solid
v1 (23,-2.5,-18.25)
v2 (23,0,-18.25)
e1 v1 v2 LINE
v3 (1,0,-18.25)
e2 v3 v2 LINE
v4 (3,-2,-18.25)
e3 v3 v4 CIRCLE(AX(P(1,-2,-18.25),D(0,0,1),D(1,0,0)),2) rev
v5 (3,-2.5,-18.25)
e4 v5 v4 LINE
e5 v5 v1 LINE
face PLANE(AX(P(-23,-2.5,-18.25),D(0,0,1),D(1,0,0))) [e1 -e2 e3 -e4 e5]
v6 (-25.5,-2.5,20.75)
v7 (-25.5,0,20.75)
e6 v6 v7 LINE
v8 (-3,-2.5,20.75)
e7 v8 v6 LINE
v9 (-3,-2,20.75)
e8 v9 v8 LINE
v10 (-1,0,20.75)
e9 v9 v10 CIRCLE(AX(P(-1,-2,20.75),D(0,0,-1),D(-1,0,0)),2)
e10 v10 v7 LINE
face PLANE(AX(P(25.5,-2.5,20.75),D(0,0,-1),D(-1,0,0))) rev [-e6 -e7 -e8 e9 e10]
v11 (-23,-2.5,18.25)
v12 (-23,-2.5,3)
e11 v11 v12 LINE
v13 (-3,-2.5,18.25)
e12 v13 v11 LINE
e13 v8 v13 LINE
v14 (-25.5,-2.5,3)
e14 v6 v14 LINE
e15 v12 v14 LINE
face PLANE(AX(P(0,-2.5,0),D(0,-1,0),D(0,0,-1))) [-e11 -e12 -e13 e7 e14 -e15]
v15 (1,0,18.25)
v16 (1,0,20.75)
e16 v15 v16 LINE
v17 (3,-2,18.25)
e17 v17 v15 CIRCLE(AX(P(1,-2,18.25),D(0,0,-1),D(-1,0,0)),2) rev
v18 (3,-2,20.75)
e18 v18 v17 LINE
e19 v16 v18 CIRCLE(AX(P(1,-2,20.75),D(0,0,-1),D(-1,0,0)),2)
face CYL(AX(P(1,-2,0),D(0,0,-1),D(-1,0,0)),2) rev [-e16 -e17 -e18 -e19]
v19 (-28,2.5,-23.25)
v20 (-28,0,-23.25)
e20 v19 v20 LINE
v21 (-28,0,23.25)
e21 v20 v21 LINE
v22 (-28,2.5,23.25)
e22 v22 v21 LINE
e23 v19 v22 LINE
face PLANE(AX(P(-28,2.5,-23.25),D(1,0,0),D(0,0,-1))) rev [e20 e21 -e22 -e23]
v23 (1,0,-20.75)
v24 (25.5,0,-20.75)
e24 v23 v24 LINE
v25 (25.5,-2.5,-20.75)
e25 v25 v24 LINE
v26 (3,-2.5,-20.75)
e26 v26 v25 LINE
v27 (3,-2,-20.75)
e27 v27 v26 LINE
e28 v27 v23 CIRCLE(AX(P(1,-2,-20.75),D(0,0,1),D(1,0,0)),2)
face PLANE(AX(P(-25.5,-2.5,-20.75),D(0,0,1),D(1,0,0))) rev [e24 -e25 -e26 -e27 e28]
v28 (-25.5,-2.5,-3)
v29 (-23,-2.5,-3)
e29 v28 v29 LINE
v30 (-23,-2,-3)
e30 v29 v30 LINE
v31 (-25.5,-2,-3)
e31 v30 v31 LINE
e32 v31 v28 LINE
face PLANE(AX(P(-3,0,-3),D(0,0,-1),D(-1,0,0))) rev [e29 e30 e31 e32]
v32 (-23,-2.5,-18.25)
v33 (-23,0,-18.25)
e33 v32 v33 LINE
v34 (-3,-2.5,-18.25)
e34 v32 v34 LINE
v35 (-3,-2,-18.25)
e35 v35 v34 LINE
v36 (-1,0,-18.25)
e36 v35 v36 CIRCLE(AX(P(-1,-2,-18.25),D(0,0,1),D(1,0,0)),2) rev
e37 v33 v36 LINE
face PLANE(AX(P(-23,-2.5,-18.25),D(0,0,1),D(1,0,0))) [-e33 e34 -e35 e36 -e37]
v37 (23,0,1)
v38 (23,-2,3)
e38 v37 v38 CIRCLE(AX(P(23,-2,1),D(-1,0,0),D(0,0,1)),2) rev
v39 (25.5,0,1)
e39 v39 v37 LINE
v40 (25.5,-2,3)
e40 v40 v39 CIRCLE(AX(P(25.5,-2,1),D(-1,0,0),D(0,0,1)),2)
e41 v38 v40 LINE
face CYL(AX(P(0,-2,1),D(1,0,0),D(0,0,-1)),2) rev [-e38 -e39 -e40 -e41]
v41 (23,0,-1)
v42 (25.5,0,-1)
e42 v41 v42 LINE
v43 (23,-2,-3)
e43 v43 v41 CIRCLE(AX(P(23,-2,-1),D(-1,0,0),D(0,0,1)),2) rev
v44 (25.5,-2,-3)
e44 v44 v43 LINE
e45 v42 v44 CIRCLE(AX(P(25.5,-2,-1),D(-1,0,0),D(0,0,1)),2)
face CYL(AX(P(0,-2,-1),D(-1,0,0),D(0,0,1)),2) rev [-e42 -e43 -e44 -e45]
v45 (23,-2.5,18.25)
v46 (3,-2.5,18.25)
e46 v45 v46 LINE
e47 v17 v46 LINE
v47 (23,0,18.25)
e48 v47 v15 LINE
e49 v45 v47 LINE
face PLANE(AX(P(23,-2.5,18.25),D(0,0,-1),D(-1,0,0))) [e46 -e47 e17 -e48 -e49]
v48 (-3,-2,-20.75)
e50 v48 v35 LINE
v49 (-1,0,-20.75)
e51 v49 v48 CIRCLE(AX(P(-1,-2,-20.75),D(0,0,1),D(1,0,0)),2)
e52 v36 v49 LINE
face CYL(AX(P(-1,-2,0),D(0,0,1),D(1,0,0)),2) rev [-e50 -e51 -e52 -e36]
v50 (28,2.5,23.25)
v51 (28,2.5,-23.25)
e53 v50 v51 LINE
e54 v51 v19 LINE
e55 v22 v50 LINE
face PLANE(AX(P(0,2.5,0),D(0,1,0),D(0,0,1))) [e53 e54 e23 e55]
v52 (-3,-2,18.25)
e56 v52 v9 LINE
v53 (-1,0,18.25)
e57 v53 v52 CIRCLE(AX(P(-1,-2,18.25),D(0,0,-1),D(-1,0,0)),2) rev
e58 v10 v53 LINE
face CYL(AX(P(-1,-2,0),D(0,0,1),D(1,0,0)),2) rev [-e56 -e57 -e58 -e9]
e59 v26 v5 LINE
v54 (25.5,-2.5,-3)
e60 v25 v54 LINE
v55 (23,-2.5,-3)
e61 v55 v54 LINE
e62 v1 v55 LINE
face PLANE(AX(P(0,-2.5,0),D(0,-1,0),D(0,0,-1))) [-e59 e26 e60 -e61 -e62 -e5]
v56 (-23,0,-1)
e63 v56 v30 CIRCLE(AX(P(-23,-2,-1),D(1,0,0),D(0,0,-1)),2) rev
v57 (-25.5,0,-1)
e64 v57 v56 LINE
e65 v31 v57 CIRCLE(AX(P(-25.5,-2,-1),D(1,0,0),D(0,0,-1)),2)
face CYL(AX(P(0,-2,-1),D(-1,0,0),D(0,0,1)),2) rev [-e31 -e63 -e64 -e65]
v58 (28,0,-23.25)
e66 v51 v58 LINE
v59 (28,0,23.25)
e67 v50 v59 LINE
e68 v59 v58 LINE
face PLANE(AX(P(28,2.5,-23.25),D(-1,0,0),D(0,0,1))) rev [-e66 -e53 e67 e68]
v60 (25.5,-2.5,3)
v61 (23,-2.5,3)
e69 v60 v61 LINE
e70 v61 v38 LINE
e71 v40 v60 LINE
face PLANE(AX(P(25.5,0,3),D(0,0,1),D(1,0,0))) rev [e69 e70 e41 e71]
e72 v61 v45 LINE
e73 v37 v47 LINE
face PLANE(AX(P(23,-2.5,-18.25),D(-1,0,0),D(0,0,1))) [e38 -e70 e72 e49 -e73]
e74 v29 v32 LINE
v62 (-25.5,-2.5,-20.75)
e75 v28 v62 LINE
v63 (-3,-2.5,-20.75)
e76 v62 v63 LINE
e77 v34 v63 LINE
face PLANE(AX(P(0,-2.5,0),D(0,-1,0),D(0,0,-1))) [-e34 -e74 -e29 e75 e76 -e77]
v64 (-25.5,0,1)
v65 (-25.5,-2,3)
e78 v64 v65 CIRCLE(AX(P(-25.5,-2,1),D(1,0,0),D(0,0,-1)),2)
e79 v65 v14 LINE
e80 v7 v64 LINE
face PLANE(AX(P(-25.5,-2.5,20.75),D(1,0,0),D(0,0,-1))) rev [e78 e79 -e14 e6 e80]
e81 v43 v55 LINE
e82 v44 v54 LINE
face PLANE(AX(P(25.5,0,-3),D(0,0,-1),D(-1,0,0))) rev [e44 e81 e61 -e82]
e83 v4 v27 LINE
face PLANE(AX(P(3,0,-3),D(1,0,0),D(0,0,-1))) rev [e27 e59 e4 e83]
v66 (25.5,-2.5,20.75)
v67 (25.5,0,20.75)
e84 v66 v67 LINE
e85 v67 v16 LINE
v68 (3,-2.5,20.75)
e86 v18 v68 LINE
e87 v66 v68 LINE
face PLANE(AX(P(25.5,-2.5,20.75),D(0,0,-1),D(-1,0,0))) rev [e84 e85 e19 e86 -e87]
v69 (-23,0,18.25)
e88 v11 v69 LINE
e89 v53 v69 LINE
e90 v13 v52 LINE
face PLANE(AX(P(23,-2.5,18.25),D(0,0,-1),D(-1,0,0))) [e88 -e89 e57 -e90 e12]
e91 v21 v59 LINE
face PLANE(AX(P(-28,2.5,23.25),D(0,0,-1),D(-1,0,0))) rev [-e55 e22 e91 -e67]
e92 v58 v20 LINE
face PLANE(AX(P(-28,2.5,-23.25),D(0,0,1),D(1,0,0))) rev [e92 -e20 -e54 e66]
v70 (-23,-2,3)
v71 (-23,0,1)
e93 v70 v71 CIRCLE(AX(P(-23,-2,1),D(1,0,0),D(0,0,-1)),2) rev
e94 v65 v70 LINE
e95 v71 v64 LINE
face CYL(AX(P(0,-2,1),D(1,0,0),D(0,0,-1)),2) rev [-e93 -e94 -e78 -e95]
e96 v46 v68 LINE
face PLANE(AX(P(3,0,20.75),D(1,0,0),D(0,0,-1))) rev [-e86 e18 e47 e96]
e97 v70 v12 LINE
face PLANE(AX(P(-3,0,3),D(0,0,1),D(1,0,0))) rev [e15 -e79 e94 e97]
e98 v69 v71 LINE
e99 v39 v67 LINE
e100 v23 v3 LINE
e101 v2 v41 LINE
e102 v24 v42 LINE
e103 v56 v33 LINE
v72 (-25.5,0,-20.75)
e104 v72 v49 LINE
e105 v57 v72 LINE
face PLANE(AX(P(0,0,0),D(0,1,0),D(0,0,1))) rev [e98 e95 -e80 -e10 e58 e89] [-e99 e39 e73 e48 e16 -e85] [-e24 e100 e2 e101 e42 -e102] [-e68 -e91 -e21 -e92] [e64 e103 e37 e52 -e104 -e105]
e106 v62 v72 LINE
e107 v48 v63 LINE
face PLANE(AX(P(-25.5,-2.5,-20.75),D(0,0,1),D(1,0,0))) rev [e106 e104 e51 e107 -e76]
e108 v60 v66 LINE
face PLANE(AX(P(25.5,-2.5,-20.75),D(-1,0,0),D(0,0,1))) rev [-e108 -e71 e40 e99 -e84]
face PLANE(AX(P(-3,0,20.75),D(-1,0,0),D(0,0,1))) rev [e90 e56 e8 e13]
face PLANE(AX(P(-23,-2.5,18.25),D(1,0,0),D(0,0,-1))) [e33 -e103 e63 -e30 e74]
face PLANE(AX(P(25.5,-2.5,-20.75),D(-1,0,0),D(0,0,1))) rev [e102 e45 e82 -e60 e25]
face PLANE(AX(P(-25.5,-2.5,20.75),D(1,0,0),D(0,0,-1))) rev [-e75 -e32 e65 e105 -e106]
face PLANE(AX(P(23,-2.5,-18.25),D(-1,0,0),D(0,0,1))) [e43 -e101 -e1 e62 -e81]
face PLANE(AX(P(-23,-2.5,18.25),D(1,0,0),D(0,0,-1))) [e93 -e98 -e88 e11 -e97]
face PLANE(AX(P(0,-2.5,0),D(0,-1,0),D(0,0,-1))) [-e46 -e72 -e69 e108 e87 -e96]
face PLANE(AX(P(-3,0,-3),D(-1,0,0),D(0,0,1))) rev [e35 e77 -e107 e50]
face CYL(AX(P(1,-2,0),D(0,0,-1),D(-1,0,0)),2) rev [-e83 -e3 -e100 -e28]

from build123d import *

# Parameters (mm, degrees)
SKETCH1_W           = 56
SKETCH1_H           = 46.5
BOSS_EXTRUDE1_DEPTH = 2.5
SKETCH2_W           = 51
SKETCH2_H           = 41.5
SKETCH2_W_2         = 46
SKETCH2_H_2         = 36.5
BOSS_EXTRUDE2_DEPTH = 2.5
CUT_EXTRUDE1_DEPTH  = 2.5
FILLET1_R           = 2


with BuildPart() as part:
    # Sketch1 → Boss-Extrude1 (new body)
    with BuildSketch(Plane(origin=(0, 0, 0), x_dir=(1, 0, 0), z_dir=(0, 1, 0))):
        Rectangle(SKETCH1_W, SKETCH1_H)
    extrude(amount=BOSS_EXTRUDE1_DEPTH)

    # Sketch2 → Boss-Extrude2 (add)
    with BuildSketch(Plane.XZ):
        Rectangle(SKETCH2_W, SKETCH2_H)
        Rectangle(SKETCH2_W_2, SKETCH2_H_2, mode=Mode.SUBTRACT)
    extrude(amount=BOSS_EXTRUDE2_DEPTH)

    # Sketch3 → Cut-Extrude1 (cut)
    with BuildSketch(Plane.XZ.offset(2.5)):
        Polygon((-3, 20.75), (3, 20.75), (3, 3), (25.5, 3), (25.5, -3), (3, -3), (3, -20.75), (-3, -20.75), (-3, -3), (-25.5, -3), (-25.5, 3), (-3, 3), align=None)
    extrude(amount=-CUT_EXTRUDE1_DEPTH, mode=Mode.SUBTRACT)

    # Fillet1
    fillet1_edges = [part.edges().sort_by_distance(p)[0] for p in [
        (-3, 0, 19.5),
        (3, 0, 19.5),
        (24.25, 0, 3),
        (24.25, 0, -3),
        (3, 0, -19.5),
        (-3, 0, -19.5),
        (-24.25, 0, -3),
        (-24.25, 0, 3),
    ]]
    fillet(fillet1_edges, radius=FILLET1_R)


solid = part.part
